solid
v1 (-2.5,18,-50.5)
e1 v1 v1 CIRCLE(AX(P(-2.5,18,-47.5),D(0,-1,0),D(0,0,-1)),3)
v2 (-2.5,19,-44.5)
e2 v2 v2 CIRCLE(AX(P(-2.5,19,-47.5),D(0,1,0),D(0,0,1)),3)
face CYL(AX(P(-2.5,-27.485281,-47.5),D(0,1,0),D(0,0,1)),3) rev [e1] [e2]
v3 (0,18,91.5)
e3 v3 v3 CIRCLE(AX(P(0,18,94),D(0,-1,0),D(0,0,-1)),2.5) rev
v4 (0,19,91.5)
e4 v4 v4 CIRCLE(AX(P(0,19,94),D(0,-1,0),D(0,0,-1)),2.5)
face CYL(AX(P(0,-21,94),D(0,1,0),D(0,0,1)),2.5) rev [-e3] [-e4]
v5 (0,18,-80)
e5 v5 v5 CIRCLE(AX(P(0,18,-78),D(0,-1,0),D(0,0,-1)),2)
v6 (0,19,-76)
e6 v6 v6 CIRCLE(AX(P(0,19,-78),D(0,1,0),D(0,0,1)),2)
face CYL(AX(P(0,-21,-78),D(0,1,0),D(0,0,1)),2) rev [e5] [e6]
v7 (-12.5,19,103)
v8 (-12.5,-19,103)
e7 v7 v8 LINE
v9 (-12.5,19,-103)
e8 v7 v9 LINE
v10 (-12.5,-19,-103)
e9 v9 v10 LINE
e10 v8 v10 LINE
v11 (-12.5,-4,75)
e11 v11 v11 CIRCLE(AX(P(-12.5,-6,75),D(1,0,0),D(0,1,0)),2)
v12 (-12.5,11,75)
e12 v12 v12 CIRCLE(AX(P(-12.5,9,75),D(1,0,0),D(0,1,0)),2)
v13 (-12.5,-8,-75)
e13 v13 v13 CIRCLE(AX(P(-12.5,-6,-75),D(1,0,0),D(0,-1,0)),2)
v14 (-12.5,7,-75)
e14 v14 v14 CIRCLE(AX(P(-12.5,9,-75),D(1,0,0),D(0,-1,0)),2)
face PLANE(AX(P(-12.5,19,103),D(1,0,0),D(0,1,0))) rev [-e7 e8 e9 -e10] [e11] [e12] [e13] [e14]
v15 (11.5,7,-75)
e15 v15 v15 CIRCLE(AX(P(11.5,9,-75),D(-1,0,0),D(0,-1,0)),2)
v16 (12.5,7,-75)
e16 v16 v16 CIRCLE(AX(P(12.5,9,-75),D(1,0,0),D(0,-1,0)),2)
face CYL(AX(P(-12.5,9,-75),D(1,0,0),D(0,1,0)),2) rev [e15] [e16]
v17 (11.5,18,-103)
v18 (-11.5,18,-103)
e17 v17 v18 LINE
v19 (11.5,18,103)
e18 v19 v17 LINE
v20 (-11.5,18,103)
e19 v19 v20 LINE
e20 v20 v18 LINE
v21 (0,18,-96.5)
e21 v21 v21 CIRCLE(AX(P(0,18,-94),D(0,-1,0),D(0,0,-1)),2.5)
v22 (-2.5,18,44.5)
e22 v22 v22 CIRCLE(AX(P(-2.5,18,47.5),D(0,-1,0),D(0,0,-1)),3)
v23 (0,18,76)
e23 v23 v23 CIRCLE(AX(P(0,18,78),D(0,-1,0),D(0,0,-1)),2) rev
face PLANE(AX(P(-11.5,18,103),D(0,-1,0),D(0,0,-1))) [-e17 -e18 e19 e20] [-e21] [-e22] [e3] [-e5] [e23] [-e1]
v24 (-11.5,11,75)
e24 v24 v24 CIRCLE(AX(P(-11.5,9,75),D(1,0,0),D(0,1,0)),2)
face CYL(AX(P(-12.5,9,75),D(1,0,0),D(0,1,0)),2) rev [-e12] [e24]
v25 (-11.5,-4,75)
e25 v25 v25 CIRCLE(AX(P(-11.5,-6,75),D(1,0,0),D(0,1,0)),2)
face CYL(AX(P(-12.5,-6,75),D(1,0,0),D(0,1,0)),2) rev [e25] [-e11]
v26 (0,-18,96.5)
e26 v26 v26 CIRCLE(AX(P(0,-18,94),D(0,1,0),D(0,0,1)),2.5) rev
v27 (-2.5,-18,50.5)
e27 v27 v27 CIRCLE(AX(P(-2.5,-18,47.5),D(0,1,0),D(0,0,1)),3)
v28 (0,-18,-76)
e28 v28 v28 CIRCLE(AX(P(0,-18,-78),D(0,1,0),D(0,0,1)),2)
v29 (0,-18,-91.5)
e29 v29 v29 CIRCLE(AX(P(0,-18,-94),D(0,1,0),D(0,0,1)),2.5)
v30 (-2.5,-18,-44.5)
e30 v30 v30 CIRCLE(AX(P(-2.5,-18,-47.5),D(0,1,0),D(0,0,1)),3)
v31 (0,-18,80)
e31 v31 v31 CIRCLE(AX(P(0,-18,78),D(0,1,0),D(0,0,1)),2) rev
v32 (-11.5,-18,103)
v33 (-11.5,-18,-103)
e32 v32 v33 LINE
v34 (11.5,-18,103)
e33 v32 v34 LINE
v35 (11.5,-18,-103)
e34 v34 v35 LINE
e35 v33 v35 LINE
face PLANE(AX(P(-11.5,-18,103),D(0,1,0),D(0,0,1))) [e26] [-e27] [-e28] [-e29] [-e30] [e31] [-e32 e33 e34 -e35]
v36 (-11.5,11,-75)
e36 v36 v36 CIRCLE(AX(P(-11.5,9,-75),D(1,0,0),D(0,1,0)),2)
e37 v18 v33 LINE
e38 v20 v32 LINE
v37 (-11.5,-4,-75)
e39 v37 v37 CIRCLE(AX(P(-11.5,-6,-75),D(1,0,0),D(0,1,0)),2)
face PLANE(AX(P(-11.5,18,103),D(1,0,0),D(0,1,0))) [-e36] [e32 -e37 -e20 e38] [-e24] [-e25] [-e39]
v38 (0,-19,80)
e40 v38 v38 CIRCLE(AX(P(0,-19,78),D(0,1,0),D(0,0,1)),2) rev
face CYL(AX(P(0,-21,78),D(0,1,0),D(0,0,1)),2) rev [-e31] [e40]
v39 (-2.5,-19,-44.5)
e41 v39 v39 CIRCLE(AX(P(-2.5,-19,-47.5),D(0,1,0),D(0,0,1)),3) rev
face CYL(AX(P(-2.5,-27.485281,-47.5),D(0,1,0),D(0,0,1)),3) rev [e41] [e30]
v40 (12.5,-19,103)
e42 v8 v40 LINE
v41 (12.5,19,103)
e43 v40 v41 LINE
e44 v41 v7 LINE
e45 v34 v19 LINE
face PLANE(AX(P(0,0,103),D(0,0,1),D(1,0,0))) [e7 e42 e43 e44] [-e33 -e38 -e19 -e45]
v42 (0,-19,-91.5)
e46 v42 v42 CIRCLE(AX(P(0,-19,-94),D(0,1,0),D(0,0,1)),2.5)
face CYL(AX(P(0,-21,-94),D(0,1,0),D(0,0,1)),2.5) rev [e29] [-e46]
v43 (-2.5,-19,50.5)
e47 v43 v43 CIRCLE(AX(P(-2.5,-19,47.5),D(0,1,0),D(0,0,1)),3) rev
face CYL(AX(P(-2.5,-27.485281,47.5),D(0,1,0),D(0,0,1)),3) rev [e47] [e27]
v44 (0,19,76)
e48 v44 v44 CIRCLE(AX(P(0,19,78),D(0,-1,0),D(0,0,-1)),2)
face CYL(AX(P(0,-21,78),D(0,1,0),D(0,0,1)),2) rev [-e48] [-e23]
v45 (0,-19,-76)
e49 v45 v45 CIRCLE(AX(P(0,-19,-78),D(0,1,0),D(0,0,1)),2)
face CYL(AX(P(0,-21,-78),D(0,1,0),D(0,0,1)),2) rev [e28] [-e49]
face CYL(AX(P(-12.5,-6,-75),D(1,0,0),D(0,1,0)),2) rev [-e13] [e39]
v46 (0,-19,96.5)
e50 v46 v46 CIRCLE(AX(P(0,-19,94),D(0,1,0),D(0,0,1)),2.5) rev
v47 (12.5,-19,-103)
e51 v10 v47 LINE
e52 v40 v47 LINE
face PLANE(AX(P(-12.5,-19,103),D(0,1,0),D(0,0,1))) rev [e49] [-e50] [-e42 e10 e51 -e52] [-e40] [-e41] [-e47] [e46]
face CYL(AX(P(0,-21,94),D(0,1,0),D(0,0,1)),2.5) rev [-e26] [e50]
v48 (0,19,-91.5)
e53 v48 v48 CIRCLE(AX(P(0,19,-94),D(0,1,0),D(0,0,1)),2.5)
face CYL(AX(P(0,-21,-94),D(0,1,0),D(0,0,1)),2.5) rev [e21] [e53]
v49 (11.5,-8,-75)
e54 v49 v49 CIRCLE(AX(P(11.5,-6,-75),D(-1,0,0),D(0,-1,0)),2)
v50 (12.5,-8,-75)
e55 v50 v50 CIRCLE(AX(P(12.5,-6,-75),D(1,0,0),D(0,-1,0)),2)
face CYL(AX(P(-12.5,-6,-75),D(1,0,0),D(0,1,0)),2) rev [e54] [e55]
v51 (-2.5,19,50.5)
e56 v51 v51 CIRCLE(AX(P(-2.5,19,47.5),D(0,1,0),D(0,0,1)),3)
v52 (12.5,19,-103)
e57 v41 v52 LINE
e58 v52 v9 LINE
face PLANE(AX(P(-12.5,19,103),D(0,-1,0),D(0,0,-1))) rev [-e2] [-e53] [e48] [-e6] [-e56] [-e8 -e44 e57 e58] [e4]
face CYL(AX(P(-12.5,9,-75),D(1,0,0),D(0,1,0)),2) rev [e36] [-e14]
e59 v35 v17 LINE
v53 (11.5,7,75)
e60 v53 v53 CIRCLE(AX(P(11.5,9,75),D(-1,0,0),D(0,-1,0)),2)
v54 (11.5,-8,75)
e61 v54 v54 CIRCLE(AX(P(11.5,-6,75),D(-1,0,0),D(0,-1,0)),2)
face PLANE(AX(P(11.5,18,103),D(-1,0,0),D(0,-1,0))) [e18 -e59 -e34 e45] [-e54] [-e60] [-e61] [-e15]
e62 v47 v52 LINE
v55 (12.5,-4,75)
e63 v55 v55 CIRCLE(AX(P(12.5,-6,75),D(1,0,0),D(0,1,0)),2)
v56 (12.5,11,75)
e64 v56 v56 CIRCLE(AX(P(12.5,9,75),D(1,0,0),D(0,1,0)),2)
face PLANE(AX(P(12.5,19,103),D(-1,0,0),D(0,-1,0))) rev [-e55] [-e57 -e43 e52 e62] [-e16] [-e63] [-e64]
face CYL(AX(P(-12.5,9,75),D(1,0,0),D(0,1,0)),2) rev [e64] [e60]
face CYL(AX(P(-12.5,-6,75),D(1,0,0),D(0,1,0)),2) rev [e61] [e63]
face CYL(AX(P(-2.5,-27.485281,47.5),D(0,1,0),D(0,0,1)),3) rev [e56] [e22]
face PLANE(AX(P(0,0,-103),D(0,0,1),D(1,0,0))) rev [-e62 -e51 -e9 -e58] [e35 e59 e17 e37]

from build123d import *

# Parameters (mm, degrees)
SKETCH_1_W          = 25
SKETCH_1_H          = 38
SKETCH_1_W_2        = 23
SKETCH_1_H_2        = 36
EXTRUDE_1_DEPTH     = 103
SKETCH_2_R          = 2.5
SKETCH_2_R_2        = 2
CUT_EXTRUDE_1_DEPTH = 40
SKETCH_4_R          = 3
CUT_EXTRUDE_2_DEPTH = 38
SKETCH_5_R          = 2
CUT_EXTRUDE_3_DEPTH = 108.680081724


with BuildPart() as part:
    # 草图1 → 凸台-拉伸1 (new, symmetric)
    with BuildSketch(Plane.XY):
        Rectangle(SKETCH_1_W, SKETCH_1_H)
        Rectangle(SKETCH_1_W_2, SKETCH_1_H_2, mode=Mode.SUBTRACT)
    extrude(amount=EXTRUDE_1_DEPTH, both=True)

    # 草图2 → 切除-拉伸1 (cut)
    with BuildSketch(Plane(origin=(0, 19, 0), x_dir=(1, 0, 0), z_dir=(0, 1, 0))):
        with Locations(Location((0, 94, 0), (0, 0, 270))):
            Circle(SKETCH_2_R)
        with Locations(Location((0, 78, 0), (0, 0, 270))):
            Circle(SKETCH_2_R_2)
    cut_extrude_1 = extrude(amount=-CUT_EXTRUDE_1_DEPTH, mode=Mode.SUBTRACT)

    # 镜向1: 切除-拉伸1 across plane
    add(cut_extrude_1.mirror(Plane.XY), mode=Mode.SUBTRACT)

    # 草图4 → 切除-拉伸2 (cut)
    with BuildSketch(Plane(origin=(0, 19, 0), x_dir=(1, 0, 0), z_dir=(0, 1, 0))):
        with Locations(Location((-2.5, 47.5, 0), (0, 0, 270))):
            Circle(SKETCH_4_R)
        with Locations(Location((-2.5, -47.5, 0), (0, 0, 270))):
            Circle(SKETCH_4_R)
    extrude(amount=-CUT_EXTRUDE_2_DEPTH, mode=Mode.SUBTRACT)

    # 草图5 → 切除-拉伸3 (cut, through all)
    with BuildSketch(Plane(origin=(12.5, 0, 0), x_dir=(0, 0, -1), z_dir=(1, 0, 0))):
        with Locations(Location((-75, 9, 0), (0, 0, 90))):
            Circle(SKETCH_5_R)
        with Locations(Location((-75, -6, 0), (0, 0, 90))):
            Circle(SKETCH_5_R)
        with Locations(Location((75, -6, 0), (0, 0, 90))):
            Circle(SKETCH_5_R)
        with Locations(Location((75, 9, 0), (0, 0, 90))):
            Circle(SKETCH_5_R)
    extrude(amount=-CUT_EXTRUDE_3_DEPTH, mode=Mode.SUBTRACT)


solid = part.part
